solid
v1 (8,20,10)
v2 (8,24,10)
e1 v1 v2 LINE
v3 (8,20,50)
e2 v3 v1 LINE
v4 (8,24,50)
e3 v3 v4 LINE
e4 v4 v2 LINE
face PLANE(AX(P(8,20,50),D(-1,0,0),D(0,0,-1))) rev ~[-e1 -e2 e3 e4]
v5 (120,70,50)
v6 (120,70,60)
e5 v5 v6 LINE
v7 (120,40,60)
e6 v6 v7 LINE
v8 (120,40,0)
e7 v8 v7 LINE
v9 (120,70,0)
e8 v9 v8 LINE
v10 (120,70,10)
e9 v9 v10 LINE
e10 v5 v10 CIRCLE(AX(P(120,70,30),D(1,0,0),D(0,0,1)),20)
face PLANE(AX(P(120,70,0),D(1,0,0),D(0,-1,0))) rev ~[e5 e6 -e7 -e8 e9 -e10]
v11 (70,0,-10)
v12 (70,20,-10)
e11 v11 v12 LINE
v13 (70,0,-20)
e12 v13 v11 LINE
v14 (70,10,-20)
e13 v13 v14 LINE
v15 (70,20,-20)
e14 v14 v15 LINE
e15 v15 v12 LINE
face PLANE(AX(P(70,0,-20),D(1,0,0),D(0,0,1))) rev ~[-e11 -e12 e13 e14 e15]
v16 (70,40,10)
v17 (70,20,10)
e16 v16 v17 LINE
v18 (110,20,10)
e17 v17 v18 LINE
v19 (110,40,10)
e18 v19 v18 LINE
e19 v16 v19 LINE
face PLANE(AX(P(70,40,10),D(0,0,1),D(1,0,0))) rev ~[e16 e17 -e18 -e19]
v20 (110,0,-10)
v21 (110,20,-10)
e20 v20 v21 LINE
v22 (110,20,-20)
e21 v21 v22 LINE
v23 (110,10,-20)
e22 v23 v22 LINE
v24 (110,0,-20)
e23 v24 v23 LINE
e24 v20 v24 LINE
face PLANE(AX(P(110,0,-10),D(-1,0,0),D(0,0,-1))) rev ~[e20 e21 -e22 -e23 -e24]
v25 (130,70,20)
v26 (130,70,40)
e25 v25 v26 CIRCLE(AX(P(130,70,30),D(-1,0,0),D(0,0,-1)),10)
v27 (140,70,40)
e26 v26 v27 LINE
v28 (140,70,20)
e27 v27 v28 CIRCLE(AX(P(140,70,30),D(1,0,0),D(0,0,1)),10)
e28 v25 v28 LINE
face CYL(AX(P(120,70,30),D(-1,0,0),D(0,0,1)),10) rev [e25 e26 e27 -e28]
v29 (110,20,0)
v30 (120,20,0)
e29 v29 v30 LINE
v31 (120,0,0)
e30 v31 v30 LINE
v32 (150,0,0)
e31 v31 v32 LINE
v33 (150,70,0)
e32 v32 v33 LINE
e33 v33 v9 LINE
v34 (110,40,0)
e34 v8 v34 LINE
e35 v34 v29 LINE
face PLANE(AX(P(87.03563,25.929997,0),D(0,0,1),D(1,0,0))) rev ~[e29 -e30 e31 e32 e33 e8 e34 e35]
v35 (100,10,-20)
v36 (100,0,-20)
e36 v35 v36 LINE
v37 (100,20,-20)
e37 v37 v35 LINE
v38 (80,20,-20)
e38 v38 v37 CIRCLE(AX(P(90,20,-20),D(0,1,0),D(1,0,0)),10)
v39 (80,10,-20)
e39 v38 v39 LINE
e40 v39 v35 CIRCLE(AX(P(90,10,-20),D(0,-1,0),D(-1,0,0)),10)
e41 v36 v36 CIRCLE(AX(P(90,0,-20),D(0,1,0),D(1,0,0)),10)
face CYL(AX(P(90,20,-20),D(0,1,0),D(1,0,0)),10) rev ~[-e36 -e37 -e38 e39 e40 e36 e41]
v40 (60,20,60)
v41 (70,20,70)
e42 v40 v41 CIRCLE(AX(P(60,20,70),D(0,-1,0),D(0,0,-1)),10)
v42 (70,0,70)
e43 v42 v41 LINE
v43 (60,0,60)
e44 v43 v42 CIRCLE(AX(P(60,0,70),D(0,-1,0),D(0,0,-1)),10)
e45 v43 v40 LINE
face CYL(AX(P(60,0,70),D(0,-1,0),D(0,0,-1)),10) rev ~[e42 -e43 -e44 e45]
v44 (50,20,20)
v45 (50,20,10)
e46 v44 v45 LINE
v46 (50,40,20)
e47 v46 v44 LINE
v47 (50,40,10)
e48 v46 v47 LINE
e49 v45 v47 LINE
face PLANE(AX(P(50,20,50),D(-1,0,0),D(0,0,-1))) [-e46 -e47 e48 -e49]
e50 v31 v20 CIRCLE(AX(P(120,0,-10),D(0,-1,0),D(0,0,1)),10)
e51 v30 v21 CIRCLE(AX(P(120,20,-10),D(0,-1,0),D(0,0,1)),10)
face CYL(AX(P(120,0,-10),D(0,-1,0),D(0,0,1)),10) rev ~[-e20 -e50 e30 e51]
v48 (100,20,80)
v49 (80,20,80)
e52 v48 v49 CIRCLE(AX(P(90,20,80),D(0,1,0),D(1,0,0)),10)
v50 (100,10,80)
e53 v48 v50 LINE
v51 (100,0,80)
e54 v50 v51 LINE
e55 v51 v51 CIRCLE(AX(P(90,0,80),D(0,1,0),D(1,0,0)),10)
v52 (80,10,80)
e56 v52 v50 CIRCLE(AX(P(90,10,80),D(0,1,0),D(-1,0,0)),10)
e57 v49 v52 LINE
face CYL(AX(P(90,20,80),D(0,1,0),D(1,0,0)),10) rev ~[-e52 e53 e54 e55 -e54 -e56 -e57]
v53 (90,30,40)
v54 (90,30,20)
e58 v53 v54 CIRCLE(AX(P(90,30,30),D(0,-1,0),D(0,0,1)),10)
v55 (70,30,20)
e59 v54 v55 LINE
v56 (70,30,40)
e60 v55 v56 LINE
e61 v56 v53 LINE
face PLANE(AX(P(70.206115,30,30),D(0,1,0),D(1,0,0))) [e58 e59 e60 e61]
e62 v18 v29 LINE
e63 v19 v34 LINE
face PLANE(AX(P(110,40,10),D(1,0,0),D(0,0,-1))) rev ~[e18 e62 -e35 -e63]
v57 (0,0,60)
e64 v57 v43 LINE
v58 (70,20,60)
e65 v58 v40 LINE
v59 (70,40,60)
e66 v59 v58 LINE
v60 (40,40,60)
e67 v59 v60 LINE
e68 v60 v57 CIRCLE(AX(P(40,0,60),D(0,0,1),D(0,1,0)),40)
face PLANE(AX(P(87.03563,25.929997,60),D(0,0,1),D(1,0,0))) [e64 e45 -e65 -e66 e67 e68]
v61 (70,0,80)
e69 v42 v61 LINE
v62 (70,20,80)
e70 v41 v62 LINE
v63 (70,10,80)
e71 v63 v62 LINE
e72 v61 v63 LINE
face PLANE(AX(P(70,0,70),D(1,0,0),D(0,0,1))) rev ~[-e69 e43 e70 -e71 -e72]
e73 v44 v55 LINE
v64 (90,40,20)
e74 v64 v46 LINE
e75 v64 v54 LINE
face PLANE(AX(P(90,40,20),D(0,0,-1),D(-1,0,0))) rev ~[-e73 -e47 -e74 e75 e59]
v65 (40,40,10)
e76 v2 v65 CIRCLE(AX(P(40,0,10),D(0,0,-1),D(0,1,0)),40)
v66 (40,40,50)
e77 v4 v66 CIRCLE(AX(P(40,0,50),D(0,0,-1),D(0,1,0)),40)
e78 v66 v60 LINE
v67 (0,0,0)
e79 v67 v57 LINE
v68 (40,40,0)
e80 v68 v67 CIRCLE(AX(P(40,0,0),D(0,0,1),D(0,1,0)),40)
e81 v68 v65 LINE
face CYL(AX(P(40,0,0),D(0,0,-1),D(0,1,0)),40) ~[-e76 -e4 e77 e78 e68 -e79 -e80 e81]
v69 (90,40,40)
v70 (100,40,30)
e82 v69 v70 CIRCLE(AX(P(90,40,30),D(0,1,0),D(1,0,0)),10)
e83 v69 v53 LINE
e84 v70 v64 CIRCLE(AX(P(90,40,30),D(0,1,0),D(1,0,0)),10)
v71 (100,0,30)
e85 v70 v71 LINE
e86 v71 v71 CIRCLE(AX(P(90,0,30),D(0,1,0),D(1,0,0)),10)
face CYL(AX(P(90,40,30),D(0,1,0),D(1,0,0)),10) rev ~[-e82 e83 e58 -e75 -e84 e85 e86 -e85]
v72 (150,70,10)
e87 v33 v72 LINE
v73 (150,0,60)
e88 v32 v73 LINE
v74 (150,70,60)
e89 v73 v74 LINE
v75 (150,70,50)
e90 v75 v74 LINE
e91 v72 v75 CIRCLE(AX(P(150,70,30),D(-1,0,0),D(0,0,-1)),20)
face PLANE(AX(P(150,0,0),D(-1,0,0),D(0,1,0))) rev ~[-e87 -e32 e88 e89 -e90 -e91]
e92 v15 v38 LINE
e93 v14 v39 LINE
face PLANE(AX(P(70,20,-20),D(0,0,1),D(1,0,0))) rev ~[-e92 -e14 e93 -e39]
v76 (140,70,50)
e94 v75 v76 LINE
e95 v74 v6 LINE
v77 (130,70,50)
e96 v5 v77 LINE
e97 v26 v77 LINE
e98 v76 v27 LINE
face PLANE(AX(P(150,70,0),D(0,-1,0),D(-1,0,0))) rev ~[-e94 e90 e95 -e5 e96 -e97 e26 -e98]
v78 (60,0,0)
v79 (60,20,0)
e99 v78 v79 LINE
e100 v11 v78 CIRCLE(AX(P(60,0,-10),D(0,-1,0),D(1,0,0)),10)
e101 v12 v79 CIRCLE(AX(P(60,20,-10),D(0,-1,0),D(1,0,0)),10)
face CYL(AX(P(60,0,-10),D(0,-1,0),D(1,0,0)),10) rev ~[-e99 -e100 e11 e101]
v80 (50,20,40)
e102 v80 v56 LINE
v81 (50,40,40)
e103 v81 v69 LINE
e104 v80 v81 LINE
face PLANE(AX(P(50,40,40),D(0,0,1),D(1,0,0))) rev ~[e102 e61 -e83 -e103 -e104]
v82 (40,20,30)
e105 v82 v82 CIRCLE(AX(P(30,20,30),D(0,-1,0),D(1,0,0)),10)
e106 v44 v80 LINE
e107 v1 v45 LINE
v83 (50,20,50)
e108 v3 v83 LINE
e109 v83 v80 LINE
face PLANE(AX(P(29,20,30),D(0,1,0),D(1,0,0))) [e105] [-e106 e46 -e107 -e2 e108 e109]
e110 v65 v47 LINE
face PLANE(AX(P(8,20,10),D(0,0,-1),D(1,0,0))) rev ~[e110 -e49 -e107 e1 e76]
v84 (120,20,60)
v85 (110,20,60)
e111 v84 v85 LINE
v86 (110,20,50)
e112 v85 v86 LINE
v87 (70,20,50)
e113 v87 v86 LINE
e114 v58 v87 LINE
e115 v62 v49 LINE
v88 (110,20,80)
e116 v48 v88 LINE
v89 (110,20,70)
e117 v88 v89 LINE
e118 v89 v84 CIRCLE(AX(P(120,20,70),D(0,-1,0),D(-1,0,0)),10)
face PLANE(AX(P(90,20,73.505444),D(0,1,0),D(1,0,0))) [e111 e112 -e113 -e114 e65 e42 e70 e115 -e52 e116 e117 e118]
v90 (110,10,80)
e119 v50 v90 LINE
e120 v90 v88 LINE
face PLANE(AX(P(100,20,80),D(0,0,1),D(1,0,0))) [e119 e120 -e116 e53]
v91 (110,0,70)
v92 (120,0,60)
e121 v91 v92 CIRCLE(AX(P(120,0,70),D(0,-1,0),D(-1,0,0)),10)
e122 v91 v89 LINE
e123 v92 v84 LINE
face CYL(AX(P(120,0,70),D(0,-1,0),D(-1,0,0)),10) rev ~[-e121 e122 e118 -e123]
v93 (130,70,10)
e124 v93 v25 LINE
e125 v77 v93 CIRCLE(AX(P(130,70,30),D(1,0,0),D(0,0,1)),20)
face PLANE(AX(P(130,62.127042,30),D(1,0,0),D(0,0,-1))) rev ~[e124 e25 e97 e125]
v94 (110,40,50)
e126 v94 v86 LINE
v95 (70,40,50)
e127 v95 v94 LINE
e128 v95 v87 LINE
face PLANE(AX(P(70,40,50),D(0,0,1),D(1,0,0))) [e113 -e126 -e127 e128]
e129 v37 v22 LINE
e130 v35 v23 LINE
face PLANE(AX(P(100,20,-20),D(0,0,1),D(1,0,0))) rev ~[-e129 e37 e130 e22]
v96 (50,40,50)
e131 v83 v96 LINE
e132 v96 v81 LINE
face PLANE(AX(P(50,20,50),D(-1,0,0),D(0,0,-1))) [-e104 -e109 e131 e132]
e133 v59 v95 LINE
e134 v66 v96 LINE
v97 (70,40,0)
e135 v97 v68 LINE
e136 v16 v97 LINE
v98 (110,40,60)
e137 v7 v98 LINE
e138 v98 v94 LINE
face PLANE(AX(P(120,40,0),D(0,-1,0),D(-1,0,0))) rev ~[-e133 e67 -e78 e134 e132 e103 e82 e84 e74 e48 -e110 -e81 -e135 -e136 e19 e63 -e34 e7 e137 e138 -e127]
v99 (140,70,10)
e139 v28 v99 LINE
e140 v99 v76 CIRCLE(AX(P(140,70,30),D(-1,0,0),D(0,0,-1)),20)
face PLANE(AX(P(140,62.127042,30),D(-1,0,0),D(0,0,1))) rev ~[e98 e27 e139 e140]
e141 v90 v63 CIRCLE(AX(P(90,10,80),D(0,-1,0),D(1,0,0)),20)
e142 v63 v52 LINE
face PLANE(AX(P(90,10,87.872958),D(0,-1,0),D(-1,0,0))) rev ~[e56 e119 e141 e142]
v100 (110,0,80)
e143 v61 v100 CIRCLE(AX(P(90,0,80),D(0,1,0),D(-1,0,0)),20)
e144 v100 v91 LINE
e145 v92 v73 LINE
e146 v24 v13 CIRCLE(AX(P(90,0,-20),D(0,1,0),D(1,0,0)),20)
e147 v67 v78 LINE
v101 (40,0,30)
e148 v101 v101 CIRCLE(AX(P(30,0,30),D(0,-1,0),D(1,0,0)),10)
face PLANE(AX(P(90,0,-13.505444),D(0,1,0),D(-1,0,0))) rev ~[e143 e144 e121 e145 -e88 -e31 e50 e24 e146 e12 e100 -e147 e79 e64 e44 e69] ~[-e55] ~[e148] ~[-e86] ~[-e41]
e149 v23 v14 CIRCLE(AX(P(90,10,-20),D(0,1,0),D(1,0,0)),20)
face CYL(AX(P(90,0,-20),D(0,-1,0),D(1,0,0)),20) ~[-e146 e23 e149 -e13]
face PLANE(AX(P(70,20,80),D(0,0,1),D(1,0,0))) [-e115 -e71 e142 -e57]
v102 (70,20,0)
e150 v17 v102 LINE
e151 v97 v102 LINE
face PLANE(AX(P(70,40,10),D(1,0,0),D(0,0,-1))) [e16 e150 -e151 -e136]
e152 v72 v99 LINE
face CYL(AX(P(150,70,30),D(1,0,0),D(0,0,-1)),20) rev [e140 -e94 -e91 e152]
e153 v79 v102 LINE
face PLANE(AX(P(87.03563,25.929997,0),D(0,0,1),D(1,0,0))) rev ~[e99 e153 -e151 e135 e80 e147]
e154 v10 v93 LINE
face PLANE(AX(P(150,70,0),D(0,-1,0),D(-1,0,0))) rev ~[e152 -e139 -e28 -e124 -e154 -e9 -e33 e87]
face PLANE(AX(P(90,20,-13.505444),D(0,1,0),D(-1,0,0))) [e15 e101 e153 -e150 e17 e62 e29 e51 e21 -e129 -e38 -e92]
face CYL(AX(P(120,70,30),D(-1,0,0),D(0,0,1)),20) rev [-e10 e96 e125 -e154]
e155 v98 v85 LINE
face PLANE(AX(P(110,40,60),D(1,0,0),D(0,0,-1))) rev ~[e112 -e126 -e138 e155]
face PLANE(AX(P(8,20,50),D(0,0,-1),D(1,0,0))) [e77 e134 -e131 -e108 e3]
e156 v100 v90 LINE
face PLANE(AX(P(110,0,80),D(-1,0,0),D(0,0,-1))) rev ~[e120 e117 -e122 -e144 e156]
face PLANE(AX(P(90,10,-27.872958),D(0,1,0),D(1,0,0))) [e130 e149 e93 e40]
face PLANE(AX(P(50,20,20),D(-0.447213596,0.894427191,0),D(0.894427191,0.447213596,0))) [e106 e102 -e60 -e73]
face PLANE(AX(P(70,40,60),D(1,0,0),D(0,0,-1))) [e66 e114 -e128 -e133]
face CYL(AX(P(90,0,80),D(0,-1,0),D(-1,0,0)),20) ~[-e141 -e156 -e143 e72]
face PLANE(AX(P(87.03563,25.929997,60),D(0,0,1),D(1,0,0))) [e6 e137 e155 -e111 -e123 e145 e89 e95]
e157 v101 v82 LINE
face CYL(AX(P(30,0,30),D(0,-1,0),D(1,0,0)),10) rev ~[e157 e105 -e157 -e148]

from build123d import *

# Parameters (mm, degrees)
BOSS_EXTRUDE1_DEPTH = 60
CUT_EXTRUDE1_DEPTH  = 10
CUT_EXTRUDE2_DEPTH  = 10
CUT_EXTRUDE3_DEPTH  = 30
SKETCH7_R           = 10
CUT_EXTRUDE5_DEPTH  = 75
SKETCH8_R           = 10
CUT_EXTRUDE6_DEPTH  = 75
SKETCH9_W           = 42
SKETCH9_H           = 40
CUT_EXTRUDE8_DEPTH  = 65
CUT_EXTRUDE9_DEPTH  = 10
CUT_EXTRUDE10_DEPTH = 20
SKETCH12_W          = 40
SKETCH12_H          = 10
CUT_EXTRUDE11_DEPTH = 20
BOSS_EXTRUDE2_DEPTH = 20
SKETCH14_R          = 10
CUT_EXTRUDE14_DEPTH = 20
CUT_EXTRUDE15_DEPTH = 10
BOSS_EXTRUDE3_DEPTH = 20
SKETCH18_R          = 10
CUT_EXTRUDE16_DEPTH = 20
CUT_EXTRUDE17_DEPTH = 10


with BuildPart() as part:
    # Sketch2 → Boss-Extrude1 (new body)
    with BuildSketch(Plane.XY):
        with BuildLine():
            Line((0, 0), (150, 0))
            Line((150, 0), (150, 70))
            Line((150, 70), (120, 70))
            Line((120, 70), (120, 40))
            Line((120, 40), (40, 40))
            ThreePointArc((40, 40), (11.715728753, 28.284271247), (0, 0))
        make_face()
    extrude(amount=BOSS_EXTRUDE1_DEPTH)

    # Sketch4 → Cut-Extrude1 (cut)
    with BuildSketch(Plane(origin=(150, 0, 0), x_dir=(0, 0, -1), z_dir=(1, 0, 0))):
        with BuildLine():
            Line((-50, 70), (-40, 70))
            ThreePointArc((-40, 70), (-30, 60), (-20, 70))
            Line((-20, 70), (-10, 70))
            ThreePointArc((-10, 70), (-30, 50), (-50, 70))
        make_face()
    extrude(amount=-CUT_EXTRUDE1_DEPTH, mode=Mode.SUBTRACT)

    # Sketch5 → Cut-Extrude2 (cut)
    with BuildSketch(Plane.ZY.offset(-120)):
        with BuildLine():
            Line((10, 70), (20, 70))
            ThreePointArc((20, 70), (30, 60), (40, 70))
            Line((40, 70), (50, 70))
            ThreePointArc((50, 70), (30, 50), (10, 70))
        make_face()
    extrude(amount=-CUT_EXTRUDE2_DEPTH, mode=Mode.SUBTRACT)

    # Sketch6 → Cut-Extrude3 (cut)
    with BuildSketch(Plane.ZY.offset(-120)):
        with BuildLine():
            Line((20, 70), (40, 70))
            ThreePointArc((40, 70), (30, 60), (20, 70))
        make_face()
    extrude(amount=-CUT_EXTRUDE3_DEPTH, mode=Mode.SUBTRACT)

    # Sketch7 → Cut-Extrude5 (cut)
    with BuildSketch(Plane(origin=(0, 40, 0), x_dir=(1, 0, 0), z_dir=(0, 1, 0))):
        with Locations((90, -30)):
            Circle(SKETCH7_R)
    extrude(amount=-CUT_EXTRUDE5_DEPTH, mode=Mode.SUBTRACT)

    # Sketch8 → Cut-Extrude6 (cut)
    with BuildSketch(Plane.XZ):
        with Locations((30, 30)):
            Circle(SKETCH8_R)
    extrude(amount=-CUT_EXTRUDE6_DEPTH, mode=Mode.SUBTRACT)

    # Sketch9 → Cut-Extrude8 (cut)
    with BuildSketch(Plane(origin=(0, 20, 0), x_dir=(1, 0, 0), z_dir=(0, 1, 0))):
        with Locations((29, -30)):
            Rectangle(SKETCH9_W, SKETCH9_H)
    extrude(amount=CUT_EXTRUDE8_DEPTH, mode=Mode.SUBTRACT)

    # Sketch10 → Cut-Extrude9 (cut)
    with BuildSketch(Plane(origin=(0, 40, 0), x_dir=(1, 0, 0), z_dir=(0, 1, 0))):
        with BuildLine():
            Line((90, -20), (50, -20))
            Line((50, -20), (50, -40))
            Line((50, -40), (90, -40))
            ThreePointArc((90, -40), (80, -30), (90, -20))
        make_face()
    extrude(amount=-CUT_EXTRUDE9_DEPTH, mode=Mode.SUBTRACT)

    # Sketch11 → Cut-Extrude10 (cut)
    with BuildSketch(Plane.XY.offset(20)):
        Polygon((50, 20), (70, 30), (50, 30), align=None)
    extrude(amount=CUT_EXTRUDE10_DEPTH, mode=Mode.SUBTRACT)

    # Sketch12 → Cut-Extrude11 (cut)
    with BuildSketch(Plane(origin=(0, 40, 0), x_dir=(1, 0, 0), z_dir=(0, 1, 0))):
        with Locations((90, -55)):
            Rectangle(SKETCH12_W, SKETCH12_H)
        with Locations((90, -5)):
            Rectangle(SKETCH12_W, SKETCH12_H)
    extrude(amount=-CUT_EXTRUDE11_DEPTH, mode=Mode.SUBTRACT)

    # Sketch13 → Boss-Extrude2 (add)
    with BuildSketch(Plane(origin=(0, 0, 0), x_dir=(1, 0, 0), z_dir=(0, 1, 0))):
        with BuildLine():
            Line((70, -70), (70, -80))
            ThreePointArc((70, -80), (90, -100), (110, -80))
            Line((110, -80), (110, -70))
            ThreePointArc((110, -70), (112.928932188, -62.928932188), (120, -60))
            Line((120, -60), (60, -60))
            ThreePointArc((60, -60), (67.071067812, -62.928932188), (70, -70))
        make_face()
    extrude(amount=BOSS_EXTRUDE2_DEPTH)

    # Sketch14 → Cut-Extrude14 (cut)
    with BuildSketch(Plane(origin=(0, 20, 0), x_dir=(1, 0, 0), z_dir=(0, 1, 0))):
        with Locations((90, -80)):
            Circle(SKETCH14_R)
    extrude(amount=-CUT_EXTRUDE14_DEPTH, mode=Mode.SUBTRACT)

    # Sketch15 → Cut-Extrude15 (cut)
    with BuildSketch(Plane(origin=(0, 20, 0), x_dir=(1, 0, 0), z_dir=(0, 1, 0))):
        with BuildLine():
            Line((70, -80), (80, -80))
            ThreePointArc((80, -80), (90, -90), (100, -80))
            Line((100, -80), (110, -80))
            ThreePointArc((110, -80), (90, -100), (70, -80))
        make_face()
    extrude(amount=-CUT_EXTRUDE15_DEPTH, mode=Mode.SUBTRACT)

    # Sketch17 → Boss-Extrude3 (add)
    with BuildSketch(Plane.XZ):
        with BuildLine():
            Line((110, -10), (110, -20))
            ThreePointArc((110, -20), (90, -40), (70, -20))
            Line((70, -20), (70, -10))
            ThreePointArc((70, -10), (67.071067812, -2.928932188), (60, 0))
            Line((60, 0), (120, 0))
            ThreePointArc((120, 0), (112.928932188, -2.928932188), (110, -10))
        make_face()
    extrude(amount=-BOSS_EXTRUDE3_DEPTH)

    # Sketch18 → Cut-Extrude16 (cut)
    with BuildSketch(Plane(origin=(0, 20, 0), x_dir=(1, 0, 0), z_dir=(0, 1, 0))):
        with Locations((90, 20)):
            Circle(SKETCH18_R)
    extrude(amount=-CUT_EXTRUDE16_DEPTH, mode=Mode.SUBTRACT)

    # Sketch19 → Cut-Extrude17 (cut)
    with BuildSketch(Plane(origin=(0, 20, 0), x_dir=(1, 0, 0), z_dir=(0, 1, 0))):
        with BuildLine():
            Line((100, 20), (110, 20))
            ThreePointArc((110, 20), (90, 40), (70, 20))
            Line((70, 20), (80, 20))
            ThreePointArc((80, 20), (90, 30), (100, 20))
        make_face()
    extrude(amount=-CUT_EXTRUDE17_DEPTH, mode=Mode.SUBTRACT)


solid = part.part
